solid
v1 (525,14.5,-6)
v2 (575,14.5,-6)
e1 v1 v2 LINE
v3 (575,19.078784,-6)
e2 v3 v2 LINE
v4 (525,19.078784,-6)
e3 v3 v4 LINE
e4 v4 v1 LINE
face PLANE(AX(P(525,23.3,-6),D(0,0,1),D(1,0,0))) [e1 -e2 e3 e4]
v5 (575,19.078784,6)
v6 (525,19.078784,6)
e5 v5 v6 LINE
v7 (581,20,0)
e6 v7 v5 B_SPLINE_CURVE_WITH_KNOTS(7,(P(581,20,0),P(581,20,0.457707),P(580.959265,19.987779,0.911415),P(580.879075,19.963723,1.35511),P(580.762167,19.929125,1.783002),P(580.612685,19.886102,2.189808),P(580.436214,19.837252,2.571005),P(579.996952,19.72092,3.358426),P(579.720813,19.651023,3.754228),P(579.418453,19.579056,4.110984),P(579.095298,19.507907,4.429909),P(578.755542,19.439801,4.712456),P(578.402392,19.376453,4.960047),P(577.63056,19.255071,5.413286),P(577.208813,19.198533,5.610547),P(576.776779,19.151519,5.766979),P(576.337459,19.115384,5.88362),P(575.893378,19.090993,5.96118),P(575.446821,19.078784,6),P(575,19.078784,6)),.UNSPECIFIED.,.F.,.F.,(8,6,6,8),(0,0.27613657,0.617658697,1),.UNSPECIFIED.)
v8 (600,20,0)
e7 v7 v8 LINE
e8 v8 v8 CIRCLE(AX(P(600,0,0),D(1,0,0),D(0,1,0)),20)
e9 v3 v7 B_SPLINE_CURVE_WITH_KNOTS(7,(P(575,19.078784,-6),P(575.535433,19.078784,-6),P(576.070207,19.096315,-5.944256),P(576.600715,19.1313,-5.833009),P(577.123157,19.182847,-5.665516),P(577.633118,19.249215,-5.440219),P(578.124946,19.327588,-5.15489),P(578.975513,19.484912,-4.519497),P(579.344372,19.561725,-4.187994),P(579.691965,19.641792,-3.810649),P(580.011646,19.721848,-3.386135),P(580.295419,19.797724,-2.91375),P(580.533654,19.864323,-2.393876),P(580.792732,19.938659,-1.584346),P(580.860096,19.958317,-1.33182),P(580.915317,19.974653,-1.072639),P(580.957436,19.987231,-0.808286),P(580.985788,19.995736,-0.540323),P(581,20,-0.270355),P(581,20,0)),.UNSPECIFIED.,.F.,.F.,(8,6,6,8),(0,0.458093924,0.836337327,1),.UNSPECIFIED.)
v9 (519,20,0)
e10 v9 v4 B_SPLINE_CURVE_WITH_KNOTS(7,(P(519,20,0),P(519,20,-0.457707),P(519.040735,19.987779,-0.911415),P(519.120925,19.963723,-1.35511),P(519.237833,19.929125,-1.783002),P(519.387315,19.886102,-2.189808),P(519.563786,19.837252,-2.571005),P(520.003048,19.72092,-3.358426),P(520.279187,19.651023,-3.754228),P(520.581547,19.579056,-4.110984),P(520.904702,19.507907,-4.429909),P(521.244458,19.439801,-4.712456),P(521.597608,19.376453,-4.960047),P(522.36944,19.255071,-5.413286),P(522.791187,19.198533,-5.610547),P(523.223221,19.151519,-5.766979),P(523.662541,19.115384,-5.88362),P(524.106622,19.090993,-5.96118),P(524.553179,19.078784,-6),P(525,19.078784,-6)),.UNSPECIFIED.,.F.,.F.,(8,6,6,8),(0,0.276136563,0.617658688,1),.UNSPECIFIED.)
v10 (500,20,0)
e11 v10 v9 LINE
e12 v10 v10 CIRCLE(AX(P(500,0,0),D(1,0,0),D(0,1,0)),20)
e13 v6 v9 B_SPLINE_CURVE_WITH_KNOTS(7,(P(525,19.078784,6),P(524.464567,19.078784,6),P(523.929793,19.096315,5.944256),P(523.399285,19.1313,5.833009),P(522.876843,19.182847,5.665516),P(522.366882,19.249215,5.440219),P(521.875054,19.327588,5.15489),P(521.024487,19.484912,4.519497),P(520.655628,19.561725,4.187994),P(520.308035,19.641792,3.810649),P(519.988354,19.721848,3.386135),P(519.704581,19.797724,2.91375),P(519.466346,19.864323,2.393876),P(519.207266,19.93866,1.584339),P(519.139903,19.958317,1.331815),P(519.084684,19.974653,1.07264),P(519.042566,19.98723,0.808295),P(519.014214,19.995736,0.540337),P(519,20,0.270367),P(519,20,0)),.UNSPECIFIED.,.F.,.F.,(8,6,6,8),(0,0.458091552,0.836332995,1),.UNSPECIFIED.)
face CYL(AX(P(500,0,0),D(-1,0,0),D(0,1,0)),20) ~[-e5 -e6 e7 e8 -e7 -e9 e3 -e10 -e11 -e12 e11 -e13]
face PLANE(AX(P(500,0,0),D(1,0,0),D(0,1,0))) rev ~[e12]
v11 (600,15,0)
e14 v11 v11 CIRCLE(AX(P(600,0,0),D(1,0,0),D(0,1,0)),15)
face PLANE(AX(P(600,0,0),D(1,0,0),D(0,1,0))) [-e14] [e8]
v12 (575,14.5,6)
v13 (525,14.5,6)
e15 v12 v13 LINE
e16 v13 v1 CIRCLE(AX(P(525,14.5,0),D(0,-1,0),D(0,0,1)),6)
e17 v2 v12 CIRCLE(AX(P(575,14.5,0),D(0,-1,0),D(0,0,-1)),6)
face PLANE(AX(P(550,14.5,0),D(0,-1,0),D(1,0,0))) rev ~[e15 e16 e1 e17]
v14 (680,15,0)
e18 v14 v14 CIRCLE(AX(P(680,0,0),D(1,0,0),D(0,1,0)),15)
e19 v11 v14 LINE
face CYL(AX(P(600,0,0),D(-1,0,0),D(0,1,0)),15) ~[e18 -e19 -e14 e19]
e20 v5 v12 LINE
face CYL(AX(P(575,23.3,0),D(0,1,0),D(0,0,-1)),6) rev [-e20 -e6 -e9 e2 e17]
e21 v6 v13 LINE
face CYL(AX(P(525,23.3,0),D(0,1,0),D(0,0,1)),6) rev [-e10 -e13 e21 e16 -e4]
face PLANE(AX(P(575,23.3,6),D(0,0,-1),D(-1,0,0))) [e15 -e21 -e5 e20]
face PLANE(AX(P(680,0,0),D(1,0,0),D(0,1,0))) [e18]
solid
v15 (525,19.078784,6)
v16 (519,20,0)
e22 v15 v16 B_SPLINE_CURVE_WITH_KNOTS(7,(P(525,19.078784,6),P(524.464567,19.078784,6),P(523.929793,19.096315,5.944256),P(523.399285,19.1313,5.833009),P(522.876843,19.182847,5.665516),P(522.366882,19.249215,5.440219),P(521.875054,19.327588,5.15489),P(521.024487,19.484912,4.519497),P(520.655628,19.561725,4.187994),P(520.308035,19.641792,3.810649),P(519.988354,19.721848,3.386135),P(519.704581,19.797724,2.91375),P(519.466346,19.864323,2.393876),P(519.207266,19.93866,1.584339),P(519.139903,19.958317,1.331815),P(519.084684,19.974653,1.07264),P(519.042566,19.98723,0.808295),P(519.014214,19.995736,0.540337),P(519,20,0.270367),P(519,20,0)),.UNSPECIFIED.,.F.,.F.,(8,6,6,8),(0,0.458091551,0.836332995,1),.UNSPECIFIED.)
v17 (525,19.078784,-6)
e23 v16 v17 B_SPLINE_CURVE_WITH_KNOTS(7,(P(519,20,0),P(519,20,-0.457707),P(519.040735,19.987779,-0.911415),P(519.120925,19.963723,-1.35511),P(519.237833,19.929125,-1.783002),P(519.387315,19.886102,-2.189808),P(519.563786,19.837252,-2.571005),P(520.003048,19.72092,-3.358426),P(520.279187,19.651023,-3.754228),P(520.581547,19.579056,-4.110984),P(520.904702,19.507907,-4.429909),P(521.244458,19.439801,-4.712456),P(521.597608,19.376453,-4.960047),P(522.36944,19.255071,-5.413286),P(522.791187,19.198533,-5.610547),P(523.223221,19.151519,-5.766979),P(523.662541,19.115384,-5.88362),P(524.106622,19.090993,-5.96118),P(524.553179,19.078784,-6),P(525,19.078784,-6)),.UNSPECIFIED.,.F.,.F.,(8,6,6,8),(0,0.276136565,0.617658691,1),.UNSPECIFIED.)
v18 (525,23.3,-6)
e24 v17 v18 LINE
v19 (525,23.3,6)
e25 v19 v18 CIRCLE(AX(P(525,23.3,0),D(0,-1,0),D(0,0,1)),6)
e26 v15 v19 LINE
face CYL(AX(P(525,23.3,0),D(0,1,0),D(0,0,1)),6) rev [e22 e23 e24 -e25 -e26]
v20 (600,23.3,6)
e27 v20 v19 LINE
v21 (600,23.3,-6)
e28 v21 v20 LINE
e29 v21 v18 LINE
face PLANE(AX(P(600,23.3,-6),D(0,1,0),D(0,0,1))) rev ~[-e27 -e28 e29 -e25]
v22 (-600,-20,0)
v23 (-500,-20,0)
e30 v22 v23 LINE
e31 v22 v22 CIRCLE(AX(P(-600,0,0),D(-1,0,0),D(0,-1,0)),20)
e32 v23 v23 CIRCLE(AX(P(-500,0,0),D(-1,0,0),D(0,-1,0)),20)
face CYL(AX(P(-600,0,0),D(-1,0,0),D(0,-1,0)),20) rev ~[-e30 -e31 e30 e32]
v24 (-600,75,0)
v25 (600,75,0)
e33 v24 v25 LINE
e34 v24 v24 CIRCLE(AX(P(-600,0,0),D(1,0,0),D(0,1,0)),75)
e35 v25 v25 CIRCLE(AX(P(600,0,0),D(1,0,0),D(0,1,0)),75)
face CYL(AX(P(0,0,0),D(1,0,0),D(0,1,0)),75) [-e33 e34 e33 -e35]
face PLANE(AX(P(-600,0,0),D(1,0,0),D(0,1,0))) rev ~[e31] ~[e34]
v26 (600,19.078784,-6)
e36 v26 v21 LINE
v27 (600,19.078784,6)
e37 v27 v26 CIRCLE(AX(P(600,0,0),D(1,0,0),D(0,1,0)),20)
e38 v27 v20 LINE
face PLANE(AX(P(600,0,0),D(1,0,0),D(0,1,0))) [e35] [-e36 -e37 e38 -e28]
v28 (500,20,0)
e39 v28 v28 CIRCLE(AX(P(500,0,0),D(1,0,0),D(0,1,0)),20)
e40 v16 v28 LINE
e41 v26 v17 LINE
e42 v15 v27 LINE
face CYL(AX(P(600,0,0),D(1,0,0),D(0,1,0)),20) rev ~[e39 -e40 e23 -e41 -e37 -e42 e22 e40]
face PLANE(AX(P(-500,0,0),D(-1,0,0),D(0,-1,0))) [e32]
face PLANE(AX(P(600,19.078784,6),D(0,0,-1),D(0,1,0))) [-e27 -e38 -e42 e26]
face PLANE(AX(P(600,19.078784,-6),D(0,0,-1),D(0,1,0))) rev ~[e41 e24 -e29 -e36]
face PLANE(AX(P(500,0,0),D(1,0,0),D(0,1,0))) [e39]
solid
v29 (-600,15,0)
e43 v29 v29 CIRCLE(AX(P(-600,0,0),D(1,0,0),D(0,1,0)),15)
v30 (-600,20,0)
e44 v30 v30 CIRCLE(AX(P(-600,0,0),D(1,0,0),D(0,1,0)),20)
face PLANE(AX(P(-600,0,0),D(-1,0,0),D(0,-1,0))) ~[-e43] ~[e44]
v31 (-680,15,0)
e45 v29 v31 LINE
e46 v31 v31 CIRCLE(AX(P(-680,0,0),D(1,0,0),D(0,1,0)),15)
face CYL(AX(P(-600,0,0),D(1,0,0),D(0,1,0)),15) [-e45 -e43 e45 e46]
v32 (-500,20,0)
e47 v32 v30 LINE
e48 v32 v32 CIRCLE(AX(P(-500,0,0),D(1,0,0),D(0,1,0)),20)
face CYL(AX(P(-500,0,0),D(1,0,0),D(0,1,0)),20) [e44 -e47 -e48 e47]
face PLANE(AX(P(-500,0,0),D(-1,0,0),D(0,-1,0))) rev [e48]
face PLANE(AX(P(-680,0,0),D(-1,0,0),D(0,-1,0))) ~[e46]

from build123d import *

# Parameters (mm, degrees)
F0_R      = 75
F1_DEPTH  = 600
F2_R      = 20
F3_DEPTH  = 100
F4_R      = 20
F5_DEPTH  = 100
F6_W      = 4.221216
F6_H      = 12
F7_DEPTH  = 75
F8_R      = 20
F9_DEPTH  = 100
F10_R     = 15
F11_DEPTH = 80
F14_DEPTH = 8.8


with BuildPart() as f1:
    # F0 (on Right) → F1 (new body, symmetric)
    with BuildSketch(Plane.YZ):
        Circle(F0_R)
    extrude(amount=F1_DEPTH, both=True)

    # F2 (on face) → F3 (cut)
    with BuildSketch(Plane(origin=(-600, 0, 0), x_dir=(0, -1, 0), z_dir=(-1, 0, 0))):
        Circle(F2_R)
    extrude(amount=-F3_DEPTH, mode=Mode.SUBTRACT)

    # F4 (on face) → F5 (cut)
    with BuildSketch(Plane.YZ.offset(600)):
        Circle(F4_R)
    extrude(amount=-F5_DEPTH, mode=Mode.SUBTRACT)

    # F6 (on face) → F7 (cut)
    with BuildSketch(Plane.YZ.offset(600)):
        with Locations((21.189392, 0)):
            Rectangle(F6_W, F6_H)
    extrude(amount=-F7_DEPTH, mode=Mode.SUBTRACT)


with BuildPart() as f9:
    # F8 (on face) → F9 (new body)
    with BuildSketch(Plane.YZ.offset(500)):
        Circle(F8_R)
    extrude(amount=F9_DEPTH)

    # F10 (on face) → F11 (join)
    with BuildSketch(Plane.YZ.offset(600)):
        Circle(F10_R)
    extrude(amount=F11_DEPTH)


with BuildPart() as f12_1:
    # F12: instance of F9
    add(f9.part.mirror(Plane.YZ))


with BuildPart() as f14_tool:
    # F13 (on face) → F14 (new body)
    with BuildSketch(Plane.XZ.offset(-23.3)):
        with BuildLine():
            ThreePointArc((525, 6), (519, 0), (525, -6))
            Line((525, -6), (575, -6))
            ThreePointArc((575, -6), (581, 0), (575, 6))
            Line((575, 6), (525, 6))
        make_face()
    extrude(amount=F14_DEPTH)


with BuildPart() as f1_1:
    add(f1.part)

    # F14: cut by f14_tool
    add(f14_tool.part, mode=Mode.SUBTRACT)


with BuildPart() as f9_1:
    add(f9.part)

    # F14: cut by f14_tool
    add(f14_tool.part, mode=Mode.SUBTRACT)


solid = Compound([f12_1.part, f1_1.part, f9_1.part])
